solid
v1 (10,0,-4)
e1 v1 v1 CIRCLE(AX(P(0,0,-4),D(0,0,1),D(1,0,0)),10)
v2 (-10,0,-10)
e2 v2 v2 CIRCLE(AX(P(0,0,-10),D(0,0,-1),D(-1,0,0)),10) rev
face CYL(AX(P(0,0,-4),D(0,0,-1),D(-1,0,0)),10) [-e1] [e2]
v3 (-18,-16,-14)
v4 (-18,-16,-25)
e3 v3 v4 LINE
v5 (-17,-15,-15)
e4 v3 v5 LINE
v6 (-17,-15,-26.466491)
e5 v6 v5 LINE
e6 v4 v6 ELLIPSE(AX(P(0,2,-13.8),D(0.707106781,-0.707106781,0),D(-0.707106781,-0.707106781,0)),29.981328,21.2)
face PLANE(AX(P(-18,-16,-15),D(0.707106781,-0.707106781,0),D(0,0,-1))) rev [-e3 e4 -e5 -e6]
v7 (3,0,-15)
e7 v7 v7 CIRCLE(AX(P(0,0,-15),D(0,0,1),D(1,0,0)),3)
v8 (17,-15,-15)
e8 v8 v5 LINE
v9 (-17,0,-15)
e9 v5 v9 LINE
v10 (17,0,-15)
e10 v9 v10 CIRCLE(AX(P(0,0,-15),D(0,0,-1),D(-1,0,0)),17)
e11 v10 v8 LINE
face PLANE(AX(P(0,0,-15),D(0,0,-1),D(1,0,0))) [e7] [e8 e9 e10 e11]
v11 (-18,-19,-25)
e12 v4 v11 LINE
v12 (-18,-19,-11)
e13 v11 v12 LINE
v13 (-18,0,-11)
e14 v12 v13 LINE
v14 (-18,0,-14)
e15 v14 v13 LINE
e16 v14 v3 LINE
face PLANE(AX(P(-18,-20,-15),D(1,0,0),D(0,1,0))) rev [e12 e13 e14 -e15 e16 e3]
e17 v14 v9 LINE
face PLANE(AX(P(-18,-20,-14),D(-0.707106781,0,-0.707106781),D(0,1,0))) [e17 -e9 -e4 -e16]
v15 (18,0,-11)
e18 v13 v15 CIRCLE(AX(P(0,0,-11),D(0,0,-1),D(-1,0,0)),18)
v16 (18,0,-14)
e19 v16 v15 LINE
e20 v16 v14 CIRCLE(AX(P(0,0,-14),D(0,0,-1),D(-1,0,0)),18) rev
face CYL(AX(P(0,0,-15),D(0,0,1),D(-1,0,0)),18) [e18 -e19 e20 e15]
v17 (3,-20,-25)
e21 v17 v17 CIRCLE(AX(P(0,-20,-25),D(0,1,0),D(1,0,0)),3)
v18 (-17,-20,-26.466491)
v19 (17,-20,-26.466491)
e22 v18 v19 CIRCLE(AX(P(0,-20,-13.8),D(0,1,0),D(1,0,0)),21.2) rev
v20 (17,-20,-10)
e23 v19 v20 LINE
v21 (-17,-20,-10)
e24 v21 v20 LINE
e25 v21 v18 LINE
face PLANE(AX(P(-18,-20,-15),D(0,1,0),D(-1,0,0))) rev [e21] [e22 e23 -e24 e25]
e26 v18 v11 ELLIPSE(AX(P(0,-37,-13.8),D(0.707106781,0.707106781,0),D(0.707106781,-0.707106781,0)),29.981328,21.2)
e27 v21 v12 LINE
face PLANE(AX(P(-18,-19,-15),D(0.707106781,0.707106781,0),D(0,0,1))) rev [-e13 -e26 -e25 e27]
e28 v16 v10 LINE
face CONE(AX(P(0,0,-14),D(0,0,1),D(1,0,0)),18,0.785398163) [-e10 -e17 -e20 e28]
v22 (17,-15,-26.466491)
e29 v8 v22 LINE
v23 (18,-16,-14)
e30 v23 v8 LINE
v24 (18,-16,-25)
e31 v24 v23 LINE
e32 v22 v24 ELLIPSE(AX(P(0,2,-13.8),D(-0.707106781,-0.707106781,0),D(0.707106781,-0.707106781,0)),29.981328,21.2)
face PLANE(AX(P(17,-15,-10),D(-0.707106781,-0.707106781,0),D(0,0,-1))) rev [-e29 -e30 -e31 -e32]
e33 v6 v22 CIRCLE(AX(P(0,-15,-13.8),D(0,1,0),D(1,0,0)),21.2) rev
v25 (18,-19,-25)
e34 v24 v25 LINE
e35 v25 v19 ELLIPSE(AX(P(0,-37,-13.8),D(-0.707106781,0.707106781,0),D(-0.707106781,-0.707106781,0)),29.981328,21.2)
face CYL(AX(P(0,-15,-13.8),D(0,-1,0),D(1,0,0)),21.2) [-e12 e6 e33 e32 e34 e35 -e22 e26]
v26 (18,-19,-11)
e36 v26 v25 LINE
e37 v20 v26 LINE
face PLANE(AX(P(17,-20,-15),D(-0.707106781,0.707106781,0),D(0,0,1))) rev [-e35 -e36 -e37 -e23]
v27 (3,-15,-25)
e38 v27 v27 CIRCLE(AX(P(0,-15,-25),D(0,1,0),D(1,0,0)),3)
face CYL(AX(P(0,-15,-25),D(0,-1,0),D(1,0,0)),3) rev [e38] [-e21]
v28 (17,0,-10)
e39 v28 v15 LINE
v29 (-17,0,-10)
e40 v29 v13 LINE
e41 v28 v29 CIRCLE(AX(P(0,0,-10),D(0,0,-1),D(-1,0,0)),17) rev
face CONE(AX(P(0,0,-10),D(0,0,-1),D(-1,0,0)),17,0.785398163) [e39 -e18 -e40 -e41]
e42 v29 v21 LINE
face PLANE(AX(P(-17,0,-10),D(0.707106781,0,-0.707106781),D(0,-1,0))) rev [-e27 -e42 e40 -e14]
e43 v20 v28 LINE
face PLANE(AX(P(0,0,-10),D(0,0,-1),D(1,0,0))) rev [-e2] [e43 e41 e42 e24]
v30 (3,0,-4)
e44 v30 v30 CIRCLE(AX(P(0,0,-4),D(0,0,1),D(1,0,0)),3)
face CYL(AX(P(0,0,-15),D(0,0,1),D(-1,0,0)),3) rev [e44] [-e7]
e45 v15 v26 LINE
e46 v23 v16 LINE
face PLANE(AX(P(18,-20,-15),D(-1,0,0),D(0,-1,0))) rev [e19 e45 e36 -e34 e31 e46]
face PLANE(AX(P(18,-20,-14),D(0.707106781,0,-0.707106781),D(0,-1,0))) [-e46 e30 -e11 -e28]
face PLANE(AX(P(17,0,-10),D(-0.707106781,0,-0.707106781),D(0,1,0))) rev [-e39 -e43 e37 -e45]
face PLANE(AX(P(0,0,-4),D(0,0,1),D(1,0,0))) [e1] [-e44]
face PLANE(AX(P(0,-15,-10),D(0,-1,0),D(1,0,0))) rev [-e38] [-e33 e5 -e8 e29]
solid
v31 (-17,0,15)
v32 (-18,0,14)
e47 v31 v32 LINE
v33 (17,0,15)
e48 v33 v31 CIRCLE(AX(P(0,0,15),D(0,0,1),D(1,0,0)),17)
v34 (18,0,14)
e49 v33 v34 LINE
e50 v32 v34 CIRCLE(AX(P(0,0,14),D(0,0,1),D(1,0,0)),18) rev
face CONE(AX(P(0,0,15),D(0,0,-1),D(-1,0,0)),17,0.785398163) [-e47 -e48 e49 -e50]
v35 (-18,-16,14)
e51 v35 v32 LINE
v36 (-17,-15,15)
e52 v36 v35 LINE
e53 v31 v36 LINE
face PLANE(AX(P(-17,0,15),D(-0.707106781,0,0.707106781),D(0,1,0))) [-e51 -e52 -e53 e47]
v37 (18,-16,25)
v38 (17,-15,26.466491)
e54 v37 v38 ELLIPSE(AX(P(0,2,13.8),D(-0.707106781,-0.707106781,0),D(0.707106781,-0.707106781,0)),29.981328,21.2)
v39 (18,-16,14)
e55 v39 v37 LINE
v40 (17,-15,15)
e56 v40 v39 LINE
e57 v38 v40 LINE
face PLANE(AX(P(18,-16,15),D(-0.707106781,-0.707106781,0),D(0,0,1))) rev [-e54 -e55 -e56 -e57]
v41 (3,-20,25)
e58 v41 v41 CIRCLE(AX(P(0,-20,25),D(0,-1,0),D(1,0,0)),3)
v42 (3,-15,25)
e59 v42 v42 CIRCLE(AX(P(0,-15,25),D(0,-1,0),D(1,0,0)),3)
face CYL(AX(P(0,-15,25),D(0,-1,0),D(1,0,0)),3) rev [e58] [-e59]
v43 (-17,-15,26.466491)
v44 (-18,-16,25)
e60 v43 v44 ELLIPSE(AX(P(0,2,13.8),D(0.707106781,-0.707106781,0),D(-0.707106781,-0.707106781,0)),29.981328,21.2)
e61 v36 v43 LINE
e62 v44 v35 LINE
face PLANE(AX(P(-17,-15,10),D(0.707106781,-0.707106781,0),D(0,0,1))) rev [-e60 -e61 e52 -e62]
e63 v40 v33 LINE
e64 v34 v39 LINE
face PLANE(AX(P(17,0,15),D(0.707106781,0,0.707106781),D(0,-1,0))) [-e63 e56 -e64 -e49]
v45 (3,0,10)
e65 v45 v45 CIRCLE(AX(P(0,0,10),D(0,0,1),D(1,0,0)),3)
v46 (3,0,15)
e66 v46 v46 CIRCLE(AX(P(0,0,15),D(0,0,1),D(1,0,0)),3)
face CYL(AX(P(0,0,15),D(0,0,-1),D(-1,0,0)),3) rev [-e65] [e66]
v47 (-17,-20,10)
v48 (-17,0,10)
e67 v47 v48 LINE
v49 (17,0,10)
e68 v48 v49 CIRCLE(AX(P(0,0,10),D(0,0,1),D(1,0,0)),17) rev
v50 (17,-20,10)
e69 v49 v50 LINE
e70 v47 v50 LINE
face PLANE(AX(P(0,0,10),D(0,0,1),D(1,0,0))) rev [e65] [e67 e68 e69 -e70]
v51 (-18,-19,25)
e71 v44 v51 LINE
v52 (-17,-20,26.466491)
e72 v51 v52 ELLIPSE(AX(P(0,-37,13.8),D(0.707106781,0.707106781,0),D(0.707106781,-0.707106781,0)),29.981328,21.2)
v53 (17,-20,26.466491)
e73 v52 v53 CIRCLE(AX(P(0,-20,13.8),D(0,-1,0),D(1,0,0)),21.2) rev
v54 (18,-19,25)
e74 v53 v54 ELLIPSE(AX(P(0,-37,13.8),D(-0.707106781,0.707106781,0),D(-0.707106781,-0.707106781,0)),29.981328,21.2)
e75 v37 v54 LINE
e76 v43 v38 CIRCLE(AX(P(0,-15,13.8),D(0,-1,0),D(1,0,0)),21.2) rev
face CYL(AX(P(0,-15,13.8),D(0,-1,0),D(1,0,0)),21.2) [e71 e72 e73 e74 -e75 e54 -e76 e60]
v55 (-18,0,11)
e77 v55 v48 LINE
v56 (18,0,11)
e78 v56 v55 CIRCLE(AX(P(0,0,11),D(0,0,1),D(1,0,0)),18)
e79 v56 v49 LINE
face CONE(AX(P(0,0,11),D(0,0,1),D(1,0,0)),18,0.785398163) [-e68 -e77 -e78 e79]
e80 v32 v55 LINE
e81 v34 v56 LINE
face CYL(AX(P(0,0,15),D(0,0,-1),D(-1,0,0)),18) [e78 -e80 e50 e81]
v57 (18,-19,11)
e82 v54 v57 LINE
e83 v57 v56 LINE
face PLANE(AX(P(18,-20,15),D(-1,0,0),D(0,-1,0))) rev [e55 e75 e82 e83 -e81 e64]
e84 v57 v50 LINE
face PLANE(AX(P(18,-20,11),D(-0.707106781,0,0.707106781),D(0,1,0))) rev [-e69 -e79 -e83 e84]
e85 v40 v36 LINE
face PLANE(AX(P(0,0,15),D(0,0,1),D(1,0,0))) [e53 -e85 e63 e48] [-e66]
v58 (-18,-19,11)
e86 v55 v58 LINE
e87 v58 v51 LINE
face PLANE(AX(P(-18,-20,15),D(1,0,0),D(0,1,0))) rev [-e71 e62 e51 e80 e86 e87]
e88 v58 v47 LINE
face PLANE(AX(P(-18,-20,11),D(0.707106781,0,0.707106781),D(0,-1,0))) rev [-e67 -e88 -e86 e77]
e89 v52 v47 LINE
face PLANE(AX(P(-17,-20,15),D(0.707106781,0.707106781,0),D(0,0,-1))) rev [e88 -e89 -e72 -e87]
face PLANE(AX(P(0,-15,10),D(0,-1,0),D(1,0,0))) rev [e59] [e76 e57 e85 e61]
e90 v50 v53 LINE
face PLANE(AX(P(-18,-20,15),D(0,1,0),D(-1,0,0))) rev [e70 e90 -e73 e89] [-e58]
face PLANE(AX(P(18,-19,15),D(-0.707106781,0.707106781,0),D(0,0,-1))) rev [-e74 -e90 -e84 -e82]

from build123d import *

# Parameters (mm, degrees)
SKETCH1_R           = 3
BOSS_EXTRUDE1_DEPTH = 5
BOSS_EXTRUDE3_DEPTH = 5
SKETCH4_R           = 10
SKETCH4_R_2         = 3
BOSS_EXTRUDE4_DEPTH = 6
CHAMFER1_SIZE       = 1
CHAMFER2_SIZE       = 1


with BuildPart() as part:
    # Sketch1 → Boss-Extrude1 (new body)
    with BuildSketch(Plane.XY):
        with BuildLine():
            Line((-18, -20), (18, -20))
            Line((18, -20), (18, 0))
            ThreePointArc((18, 0), (0, 18), (-18, 0))
            Line((-18, 0), (-18, -20))
        make_face()
        Circle(SKETCH1_R, mode=Mode.SUBTRACT)
    extrude(amount=BOSS_EXTRUDE1_DEPTH)

    # Sketch3 → Boss-Extrude3 (add)
    with BuildSketch(Plane.XZ.offset(20)):
        with BuildLine():
            Line((-18, 15), (-18, 0))
            Line((-18, 0), (18, 0))
            Line((18, 0), (18, 15))
            Line((18, 15), (3, 15))
            ThreePointArc((3, 15), (0, 12), (-3, 15))
            Line((-3, 15), (-18, 15))
        make_face()
        with BuildLine():
            ThreePointArc((18, 15), (0, 25), (-18, 15))
            Line((-18, 15), (-3, 15))
            ThreePointArc((-3, 15), (0, 18), (3, 15))
            Line((3, 15), (18, 15))
        make_face()
    extrude(amount=-BOSS_EXTRUDE3_DEPTH)


with BuildPart() as body_2:
    # Mirror2: mirrored copy
    add(part.part.mirror(Plane.XY))


with BuildPart() as part_1:
    # Body-Move/Copy2: moved
    add(part.part.moved(Location((0, 0, 10))))

    # Chamfer1
    chamfer1_edges = [part_1.edges().sort_by_distance(p)[0] for p in [
        (0, 18, 15),
        (18, -7.5, 15),
        (18, -15, 20),
        (-18, -15, 20),
        (-18, -7.5, 15),
        (0, 18, 10),
        (18, -10, 10),
        (-18, -10, 10),
        (18, -20, 17.5),
        (-18, -20, 17.5),
    ]]
    chamfer(chamfer1_edges, length=CHAMFER1_SIZE)


with BuildPart() as body_2_1:
    # Body-Move/Copy3: moved
    add(body_2.part.moved(Location((0, 0, -10))))

    # Sketch4 → Boss-Extrude4 (add)
    with BuildSketch(Plane.XY.offset(-10)):
        Circle(SKETCH4_R)
        Circle(SKETCH4_R_2, mode=Mode.SUBTRACT)
    extrude(amount=BOSS_EXTRUDE4_DEPTH)

    # Chamfer2
    chamfer2_edges = [body_2_1.edges().sort_by_distance(p)[0] for p in [
        (0, 18, -15),
        (18, -7.5, -15),
        (18, -15, -20),
        (-18, -15, -20),
        (-18, -7.5, -15),
        (0, 18, -10),
        (18, -10, -10),
        (-18, -10, -10),
        (18, -20, -17.5),
        (-18, -20, -17.5),
    ]]
    chamfer(chamfer2_edges, length=CHAMFER2_SIZE)


solid = Compound([part_1.part, body_2_1.part])
